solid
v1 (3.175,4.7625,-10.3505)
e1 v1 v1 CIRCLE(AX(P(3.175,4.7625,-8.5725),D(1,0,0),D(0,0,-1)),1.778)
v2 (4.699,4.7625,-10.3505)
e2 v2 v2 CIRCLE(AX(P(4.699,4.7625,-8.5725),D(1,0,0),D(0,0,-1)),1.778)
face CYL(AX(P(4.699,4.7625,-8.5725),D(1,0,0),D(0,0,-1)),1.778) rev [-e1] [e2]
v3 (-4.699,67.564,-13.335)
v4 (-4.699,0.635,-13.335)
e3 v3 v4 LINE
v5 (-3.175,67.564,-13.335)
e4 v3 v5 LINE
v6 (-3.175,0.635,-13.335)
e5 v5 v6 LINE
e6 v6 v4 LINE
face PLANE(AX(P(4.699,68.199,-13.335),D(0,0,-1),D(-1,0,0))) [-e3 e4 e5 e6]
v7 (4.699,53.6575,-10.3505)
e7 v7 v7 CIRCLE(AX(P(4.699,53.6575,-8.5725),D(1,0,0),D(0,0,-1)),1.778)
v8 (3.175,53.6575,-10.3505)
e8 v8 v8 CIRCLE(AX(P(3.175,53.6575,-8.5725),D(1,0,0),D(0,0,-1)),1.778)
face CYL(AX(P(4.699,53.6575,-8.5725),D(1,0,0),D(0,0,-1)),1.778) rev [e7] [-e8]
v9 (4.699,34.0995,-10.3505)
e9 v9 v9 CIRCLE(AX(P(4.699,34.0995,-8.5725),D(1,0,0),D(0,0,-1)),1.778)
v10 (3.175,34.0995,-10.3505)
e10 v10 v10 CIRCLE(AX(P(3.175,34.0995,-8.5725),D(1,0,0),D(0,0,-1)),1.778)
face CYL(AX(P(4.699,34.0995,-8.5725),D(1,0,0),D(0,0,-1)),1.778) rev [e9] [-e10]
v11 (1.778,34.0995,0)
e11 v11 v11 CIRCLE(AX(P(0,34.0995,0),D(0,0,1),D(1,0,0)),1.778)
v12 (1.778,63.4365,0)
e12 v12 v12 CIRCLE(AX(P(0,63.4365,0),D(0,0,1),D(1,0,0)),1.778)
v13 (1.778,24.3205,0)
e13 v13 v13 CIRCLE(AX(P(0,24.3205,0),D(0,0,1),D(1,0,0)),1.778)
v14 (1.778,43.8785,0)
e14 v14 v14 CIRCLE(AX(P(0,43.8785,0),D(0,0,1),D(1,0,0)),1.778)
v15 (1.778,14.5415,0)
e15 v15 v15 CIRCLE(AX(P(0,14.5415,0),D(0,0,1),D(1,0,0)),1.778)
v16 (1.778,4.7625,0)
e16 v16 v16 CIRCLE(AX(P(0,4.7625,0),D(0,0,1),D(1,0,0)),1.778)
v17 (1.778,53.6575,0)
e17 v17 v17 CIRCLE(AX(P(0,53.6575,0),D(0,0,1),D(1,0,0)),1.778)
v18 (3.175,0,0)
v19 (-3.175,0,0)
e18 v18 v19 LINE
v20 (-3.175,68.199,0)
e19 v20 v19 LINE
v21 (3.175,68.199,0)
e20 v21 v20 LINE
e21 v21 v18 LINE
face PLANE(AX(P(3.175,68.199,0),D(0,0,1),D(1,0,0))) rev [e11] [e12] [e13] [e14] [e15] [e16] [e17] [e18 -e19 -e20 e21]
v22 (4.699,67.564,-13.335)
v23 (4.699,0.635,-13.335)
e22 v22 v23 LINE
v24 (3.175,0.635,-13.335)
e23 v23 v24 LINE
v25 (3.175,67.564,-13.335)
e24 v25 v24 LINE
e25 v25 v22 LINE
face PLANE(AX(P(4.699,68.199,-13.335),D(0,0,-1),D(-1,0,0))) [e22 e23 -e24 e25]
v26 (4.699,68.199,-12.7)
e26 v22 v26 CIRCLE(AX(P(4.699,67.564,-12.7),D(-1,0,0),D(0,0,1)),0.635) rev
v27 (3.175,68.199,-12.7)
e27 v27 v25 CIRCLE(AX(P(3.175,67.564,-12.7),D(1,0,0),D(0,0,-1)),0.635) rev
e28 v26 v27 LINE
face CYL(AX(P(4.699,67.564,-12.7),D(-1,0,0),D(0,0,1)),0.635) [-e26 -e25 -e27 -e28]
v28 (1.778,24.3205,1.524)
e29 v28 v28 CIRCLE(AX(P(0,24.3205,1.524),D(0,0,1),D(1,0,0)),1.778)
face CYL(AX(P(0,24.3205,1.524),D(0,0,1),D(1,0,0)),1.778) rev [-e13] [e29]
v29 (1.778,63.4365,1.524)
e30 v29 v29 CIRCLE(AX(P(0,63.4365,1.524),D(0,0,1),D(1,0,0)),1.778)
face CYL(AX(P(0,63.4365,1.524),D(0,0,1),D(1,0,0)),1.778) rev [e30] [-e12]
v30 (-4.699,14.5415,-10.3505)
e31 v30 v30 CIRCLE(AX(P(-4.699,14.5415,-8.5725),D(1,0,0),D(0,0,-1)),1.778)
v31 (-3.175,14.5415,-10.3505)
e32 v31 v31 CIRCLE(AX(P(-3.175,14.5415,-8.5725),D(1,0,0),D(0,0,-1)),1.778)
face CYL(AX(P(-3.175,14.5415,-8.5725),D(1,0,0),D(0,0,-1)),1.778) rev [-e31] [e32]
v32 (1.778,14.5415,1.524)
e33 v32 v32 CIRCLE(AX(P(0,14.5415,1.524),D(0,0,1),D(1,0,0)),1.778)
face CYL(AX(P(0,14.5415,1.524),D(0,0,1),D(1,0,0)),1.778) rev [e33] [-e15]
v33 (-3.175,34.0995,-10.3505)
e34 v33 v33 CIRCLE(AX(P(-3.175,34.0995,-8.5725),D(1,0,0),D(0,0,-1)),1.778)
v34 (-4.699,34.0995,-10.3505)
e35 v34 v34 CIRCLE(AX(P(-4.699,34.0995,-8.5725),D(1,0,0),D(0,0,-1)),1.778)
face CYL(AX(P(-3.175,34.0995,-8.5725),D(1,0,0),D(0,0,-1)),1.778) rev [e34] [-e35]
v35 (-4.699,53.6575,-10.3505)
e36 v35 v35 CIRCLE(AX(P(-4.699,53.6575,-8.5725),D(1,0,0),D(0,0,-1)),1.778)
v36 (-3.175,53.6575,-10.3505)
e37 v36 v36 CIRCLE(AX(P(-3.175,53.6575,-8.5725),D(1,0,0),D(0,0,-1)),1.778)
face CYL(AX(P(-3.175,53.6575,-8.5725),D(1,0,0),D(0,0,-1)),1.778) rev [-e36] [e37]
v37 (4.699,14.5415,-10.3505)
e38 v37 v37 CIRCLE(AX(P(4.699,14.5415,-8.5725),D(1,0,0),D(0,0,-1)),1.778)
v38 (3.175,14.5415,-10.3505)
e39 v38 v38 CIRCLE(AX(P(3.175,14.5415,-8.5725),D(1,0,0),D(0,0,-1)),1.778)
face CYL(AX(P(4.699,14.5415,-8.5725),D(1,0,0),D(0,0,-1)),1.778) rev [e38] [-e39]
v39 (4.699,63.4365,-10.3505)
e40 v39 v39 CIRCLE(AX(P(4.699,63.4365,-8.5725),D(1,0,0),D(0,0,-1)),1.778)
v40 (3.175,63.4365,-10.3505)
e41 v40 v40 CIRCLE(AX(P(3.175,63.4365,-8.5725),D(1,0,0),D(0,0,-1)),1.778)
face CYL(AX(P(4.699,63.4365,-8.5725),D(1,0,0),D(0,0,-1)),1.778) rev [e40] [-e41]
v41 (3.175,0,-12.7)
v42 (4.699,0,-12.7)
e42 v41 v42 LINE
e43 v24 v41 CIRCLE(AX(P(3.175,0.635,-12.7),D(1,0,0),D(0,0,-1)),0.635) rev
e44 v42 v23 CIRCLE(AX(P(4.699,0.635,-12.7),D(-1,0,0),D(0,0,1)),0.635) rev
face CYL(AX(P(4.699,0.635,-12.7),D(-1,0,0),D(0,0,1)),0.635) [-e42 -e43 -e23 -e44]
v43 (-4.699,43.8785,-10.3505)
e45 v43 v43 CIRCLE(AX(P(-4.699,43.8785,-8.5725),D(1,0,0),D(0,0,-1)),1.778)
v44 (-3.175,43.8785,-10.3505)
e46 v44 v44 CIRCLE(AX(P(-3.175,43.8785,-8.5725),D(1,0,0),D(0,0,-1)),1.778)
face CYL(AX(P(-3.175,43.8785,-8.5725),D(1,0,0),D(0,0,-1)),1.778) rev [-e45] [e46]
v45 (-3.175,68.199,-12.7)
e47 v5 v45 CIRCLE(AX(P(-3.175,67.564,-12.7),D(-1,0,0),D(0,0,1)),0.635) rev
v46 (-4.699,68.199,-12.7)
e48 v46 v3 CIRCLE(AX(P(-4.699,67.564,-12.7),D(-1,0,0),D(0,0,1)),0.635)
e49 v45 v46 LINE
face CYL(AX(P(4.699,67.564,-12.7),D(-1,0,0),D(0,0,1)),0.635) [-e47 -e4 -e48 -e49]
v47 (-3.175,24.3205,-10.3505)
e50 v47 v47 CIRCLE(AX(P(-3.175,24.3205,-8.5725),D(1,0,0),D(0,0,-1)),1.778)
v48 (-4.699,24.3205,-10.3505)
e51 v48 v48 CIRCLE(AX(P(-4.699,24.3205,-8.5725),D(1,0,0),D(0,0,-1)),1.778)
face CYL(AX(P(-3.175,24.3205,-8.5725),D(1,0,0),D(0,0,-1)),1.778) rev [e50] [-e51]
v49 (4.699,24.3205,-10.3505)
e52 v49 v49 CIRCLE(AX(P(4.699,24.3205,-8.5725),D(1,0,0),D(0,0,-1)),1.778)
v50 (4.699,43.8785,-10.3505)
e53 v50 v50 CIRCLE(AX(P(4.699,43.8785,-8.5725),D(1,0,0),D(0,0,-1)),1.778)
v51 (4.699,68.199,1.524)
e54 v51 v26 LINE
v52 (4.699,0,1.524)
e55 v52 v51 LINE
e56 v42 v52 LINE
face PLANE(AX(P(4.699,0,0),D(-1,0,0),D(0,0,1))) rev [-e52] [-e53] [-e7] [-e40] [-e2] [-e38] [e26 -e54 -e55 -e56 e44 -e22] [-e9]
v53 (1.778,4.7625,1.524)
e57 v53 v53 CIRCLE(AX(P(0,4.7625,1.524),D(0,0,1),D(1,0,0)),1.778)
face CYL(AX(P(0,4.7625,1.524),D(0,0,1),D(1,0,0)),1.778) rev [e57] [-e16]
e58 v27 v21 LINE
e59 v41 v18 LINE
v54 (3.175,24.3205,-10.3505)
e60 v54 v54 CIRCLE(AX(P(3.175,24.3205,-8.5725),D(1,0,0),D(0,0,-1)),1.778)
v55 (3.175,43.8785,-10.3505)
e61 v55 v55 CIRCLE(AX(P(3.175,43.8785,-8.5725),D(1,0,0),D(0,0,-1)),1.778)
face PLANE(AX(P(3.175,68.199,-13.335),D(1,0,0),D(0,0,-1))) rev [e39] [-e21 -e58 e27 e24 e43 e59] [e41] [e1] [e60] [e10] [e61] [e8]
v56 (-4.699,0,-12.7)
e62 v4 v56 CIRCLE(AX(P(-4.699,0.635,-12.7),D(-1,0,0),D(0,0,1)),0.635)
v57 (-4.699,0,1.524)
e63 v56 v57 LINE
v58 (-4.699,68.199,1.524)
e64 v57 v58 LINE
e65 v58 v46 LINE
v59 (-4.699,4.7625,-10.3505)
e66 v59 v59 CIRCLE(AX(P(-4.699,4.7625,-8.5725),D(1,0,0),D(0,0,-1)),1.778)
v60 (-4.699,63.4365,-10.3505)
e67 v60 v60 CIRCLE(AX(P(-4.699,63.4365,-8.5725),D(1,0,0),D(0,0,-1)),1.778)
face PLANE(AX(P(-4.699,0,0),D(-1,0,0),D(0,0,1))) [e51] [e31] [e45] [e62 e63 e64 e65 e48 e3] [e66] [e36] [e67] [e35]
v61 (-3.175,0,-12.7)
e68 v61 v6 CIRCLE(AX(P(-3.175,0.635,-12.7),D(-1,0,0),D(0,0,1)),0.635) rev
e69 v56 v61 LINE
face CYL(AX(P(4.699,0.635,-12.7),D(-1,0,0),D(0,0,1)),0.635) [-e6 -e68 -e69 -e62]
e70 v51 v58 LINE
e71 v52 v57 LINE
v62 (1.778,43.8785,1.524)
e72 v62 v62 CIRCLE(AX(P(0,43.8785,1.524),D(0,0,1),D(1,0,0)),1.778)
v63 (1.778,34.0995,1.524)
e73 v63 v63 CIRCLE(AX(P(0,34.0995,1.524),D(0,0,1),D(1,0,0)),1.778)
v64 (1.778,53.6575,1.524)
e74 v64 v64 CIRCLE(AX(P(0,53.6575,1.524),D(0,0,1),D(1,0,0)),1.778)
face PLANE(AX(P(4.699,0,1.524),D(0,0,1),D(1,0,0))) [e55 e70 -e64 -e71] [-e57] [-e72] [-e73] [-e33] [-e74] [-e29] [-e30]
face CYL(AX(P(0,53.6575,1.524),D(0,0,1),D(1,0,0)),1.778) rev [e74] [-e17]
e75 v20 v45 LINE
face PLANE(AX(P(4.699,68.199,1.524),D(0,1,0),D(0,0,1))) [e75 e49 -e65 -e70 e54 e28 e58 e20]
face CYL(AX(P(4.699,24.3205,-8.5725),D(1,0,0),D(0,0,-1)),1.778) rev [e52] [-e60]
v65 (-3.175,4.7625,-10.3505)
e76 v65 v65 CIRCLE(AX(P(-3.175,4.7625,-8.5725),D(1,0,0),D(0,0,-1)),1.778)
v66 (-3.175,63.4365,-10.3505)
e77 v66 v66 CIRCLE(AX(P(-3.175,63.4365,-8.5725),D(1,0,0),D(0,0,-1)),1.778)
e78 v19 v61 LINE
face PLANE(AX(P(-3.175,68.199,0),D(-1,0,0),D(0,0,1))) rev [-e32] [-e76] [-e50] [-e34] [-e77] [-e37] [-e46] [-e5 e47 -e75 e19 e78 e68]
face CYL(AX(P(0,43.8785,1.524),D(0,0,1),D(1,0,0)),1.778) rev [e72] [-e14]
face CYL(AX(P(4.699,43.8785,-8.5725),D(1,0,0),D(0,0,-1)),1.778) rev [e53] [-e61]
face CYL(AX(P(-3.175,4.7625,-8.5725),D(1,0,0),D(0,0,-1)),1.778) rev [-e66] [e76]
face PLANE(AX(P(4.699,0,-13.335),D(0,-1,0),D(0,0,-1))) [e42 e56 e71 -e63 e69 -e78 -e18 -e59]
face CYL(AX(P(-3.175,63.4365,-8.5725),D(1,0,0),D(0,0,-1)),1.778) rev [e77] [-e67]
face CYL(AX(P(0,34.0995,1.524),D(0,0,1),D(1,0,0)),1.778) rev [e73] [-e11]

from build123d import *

# Parameters (mm, degrees)
SKETCH1_W                 = 68.199
SKETCH1_H                 = 14.859
BOSS_EXTRUDE1_DEPTH       = 9.398
SKETCH2_W                 = 6.35
SKETCH2_H                 = 13.335
CUT_EXTRUDE1_DEPTH        = 70.649166736
F_5_CLEARANCE_HOLE1_D     = 3.556
F_5_CLEARANCE_HOLE1_DEPTH = 1.524
F_5_CLEARANCE_HOLE2_D     = 3.556
F_5_CLEARANCE_HOLE2_DEPTH = 14.859
F_5_CLEARANCE_HOLE3_D     = 3.556
FILLET1_R                 = 0.635


with BuildPart() as part:
    # Sketch1 → Boss-Extrude1 (new body)
    with BuildSketch(Plane(origin=(-4.699, 0, 0), x_dir=(0, -1, 0), z_dir=(-1, 0, 0))):
        with Locations((-34.0995, -5.9055)):
            Rectangle(SKETCH1_W, SKETCH1_H)
    extrude(amount=-BOSS_EXTRUDE1_DEPTH)

    # Sketch2 → Cut-Extrude1 (cut, through all)
    with BuildSketch(Plane.XZ):
        with Locations((0, -6.6675)):
            Rectangle(SKETCH2_W, SKETCH2_H)
    extrude(amount=-CUT_EXTRUDE1_DEPTH, mode=Mode.SUBTRACT)

    # #5 Clearance Hole1
    with Locations(Plane(origin=(4.699, 0, 0), x_dir=(0, 0, -1), z_dir=(1, 0, 0))):
        with Locations((8.5725, 53.6575), (8.5725, 63.4365), (8.5725, 43.8785), (8.5725, 34.0995), (8.5725, 24.3205), (8.5725, 14.5415), (8.5725, 4.7625)):
            Hole(F_5_CLEARANCE_HOLE1_D / 2, depth=F_5_CLEARANCE_HOLE1_DEPTH)

    # #5 Clearance Hole2
    with Locations(Plane.XY.offset(1.524)):
        with Locations((0, 53.6575), (0, 63.4365), (0, 43.8785), (0, 34.0995), (0, 24.3205), (0, 14.5415), (0, 4.7625)):
            Hole(F_5_CLEARANCE_HOLE2_D / 2, depth=F_5_CLEARANCE_HOLE2_DEPTH)

    # #5 Clearance Hole3 (through all)
    with Locations(Plane(origin=(-3.175, 0, 0), x_dir=(0, 0, -1), z_dir=(1, 0, 0))):
        with Locations((8.5725, 53.6575), (8.5725, 63.4365), (8.5725, 43.8785), (8.5725, 34.0995), (8.5725, 24.3205), (8.5725, 14.5415), (8.5725, 4.7625)):
            Hole(F_5_CLEARANCE_HOLE3_D / 2)

    # Fillet1
    fillet1_edges = [part.edges().sort_by_distance(p)[0] for p in [
        (-3.937, 68.199, -13.335),
        (-3.937, 0, -13.335),
        (3.937, 0, -13.335),
        (3.937, 68.199, -13.335),
    ]]
    fillet(fillet1_edges, radius=FILLET1_R)


solid = part.part
